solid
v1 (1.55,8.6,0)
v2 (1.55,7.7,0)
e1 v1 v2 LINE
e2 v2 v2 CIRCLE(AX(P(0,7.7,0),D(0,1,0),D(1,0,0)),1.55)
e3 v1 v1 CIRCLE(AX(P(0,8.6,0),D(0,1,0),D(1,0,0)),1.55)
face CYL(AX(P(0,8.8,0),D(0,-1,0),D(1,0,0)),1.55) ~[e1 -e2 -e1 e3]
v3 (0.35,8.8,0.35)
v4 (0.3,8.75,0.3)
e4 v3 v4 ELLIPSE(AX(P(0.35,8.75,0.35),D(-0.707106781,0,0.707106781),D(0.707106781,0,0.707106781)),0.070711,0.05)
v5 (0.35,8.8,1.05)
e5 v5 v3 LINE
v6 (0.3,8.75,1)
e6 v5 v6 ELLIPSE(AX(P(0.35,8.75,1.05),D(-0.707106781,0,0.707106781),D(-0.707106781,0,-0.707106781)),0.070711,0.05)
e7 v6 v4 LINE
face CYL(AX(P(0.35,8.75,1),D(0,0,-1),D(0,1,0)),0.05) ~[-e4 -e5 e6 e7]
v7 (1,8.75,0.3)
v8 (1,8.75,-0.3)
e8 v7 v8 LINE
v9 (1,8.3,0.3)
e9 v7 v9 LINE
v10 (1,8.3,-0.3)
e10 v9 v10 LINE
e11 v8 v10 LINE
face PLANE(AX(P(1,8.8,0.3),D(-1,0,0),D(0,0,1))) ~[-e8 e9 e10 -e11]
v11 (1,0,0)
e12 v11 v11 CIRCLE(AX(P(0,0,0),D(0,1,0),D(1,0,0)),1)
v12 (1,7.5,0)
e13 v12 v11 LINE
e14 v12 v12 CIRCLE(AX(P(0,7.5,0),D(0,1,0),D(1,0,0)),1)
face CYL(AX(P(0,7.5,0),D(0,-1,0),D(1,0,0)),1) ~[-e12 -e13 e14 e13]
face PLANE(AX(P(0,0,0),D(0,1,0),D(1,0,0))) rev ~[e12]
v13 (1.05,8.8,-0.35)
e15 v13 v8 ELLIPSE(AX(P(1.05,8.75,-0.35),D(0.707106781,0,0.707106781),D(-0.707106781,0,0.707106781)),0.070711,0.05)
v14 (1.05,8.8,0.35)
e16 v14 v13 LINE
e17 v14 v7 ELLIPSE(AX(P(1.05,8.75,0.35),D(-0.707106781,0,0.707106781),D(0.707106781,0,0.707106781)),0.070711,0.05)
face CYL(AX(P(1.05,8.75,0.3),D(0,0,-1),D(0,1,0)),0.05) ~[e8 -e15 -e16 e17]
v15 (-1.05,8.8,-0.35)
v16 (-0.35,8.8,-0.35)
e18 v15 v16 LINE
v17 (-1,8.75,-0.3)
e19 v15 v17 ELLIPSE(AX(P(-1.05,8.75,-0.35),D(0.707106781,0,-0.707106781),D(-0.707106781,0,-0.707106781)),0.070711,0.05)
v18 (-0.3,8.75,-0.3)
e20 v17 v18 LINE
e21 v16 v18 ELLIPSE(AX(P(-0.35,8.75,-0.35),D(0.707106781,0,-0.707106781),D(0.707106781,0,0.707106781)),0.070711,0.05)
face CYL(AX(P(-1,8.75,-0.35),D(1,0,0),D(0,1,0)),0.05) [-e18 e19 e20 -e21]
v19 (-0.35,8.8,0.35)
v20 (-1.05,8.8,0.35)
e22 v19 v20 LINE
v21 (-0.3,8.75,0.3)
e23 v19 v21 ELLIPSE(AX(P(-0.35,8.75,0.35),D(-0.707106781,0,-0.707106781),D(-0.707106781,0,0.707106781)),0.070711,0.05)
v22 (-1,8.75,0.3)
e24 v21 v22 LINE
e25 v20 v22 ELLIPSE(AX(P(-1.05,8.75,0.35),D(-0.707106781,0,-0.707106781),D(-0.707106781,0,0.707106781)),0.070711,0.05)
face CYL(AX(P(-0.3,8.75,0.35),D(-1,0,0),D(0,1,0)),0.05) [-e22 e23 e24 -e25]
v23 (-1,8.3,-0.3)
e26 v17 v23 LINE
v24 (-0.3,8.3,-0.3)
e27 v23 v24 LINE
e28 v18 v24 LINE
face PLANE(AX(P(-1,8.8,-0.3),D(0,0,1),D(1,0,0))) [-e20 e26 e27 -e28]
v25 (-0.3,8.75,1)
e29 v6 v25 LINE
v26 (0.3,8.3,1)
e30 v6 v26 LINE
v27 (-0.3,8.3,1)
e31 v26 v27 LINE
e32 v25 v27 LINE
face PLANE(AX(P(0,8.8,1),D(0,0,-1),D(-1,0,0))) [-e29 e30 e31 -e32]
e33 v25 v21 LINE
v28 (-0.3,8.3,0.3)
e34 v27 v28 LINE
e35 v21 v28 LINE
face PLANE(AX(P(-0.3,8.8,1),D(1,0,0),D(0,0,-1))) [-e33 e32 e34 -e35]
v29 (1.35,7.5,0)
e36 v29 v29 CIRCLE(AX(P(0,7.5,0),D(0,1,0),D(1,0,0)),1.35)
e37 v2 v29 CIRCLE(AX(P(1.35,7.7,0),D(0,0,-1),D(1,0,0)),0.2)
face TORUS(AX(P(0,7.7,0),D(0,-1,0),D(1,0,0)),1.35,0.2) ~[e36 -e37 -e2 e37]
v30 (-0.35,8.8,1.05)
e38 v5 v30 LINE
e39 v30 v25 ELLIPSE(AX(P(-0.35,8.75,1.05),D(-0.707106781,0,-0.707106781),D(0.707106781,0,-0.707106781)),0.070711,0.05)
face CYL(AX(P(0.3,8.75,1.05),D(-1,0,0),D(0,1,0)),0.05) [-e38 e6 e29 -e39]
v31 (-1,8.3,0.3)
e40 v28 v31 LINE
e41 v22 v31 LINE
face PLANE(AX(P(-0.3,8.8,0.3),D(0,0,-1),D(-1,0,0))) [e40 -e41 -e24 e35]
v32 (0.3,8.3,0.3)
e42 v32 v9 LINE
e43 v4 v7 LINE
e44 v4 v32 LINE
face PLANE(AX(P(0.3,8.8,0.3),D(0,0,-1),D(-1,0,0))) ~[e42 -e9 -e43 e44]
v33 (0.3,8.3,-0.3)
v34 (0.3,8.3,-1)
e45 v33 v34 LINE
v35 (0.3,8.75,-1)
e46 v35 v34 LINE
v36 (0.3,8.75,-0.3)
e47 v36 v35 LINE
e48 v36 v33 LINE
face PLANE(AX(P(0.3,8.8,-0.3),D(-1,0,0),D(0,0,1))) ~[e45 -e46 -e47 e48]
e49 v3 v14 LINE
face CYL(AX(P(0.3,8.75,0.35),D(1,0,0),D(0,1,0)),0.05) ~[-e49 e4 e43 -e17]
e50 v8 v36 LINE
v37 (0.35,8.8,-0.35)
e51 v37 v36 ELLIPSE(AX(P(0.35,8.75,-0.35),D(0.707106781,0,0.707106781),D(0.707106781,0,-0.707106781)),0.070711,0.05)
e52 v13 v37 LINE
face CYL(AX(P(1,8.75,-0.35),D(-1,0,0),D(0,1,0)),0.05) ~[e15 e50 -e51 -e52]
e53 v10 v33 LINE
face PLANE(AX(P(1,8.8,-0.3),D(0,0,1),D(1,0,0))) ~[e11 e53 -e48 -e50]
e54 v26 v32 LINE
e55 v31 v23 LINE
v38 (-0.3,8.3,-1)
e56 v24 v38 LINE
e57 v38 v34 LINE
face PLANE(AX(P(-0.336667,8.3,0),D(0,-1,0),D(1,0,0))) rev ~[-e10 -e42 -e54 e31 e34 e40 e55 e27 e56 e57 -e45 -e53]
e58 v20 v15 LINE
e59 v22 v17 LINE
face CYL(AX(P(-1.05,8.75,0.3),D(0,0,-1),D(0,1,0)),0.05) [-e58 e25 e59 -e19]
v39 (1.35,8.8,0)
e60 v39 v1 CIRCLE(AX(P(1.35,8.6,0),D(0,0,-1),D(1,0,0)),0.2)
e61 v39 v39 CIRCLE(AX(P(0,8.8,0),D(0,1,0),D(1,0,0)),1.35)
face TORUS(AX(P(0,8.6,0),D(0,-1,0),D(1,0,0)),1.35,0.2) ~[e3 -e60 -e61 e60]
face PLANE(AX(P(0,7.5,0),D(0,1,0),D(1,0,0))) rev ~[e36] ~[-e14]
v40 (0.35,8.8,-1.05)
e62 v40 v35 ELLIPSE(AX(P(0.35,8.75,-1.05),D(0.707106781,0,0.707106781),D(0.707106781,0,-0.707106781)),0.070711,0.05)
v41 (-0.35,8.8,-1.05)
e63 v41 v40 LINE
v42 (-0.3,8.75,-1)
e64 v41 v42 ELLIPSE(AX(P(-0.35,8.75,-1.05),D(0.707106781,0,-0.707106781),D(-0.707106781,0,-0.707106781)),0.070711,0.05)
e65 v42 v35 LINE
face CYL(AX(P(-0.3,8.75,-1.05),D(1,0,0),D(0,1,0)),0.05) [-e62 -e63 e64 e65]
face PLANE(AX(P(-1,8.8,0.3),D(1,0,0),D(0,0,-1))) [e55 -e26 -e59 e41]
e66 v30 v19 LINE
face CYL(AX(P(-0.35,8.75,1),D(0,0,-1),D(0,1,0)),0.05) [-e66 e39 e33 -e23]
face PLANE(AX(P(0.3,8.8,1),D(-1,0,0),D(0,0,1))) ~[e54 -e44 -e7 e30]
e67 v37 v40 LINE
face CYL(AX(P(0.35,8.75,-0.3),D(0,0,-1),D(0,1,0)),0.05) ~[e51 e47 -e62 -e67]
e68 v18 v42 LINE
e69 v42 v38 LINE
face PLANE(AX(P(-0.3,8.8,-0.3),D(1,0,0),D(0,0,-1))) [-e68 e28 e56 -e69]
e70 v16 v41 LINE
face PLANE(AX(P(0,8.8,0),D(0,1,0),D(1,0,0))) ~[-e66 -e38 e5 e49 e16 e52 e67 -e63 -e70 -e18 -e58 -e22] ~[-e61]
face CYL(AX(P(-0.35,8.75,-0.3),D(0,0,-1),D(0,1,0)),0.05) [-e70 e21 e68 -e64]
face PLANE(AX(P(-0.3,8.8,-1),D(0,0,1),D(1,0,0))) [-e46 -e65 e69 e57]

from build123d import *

# Parameters (mm, degrees)
FILLET_R     = 0.2
POCKET_DEPTH = 0.5
FILLET001_R  = 0.05


with BuildPart() as part:
    # Sketch → Revolution (revolve)
    with BuildSketch(Plane.XY):
        Polygon((0, 0), (0, 8.8), (1.55, 8.8), (1.55, 7.5), (1, 7.5), (1, 0), align=None)
    revolve(axis=Axis((0, 0, 0), (0, 1, 0)))

    # Fillet
    fillet_edges = [part.edges().sort_by_distance(p)[0] for p in [
        (-1.55, 8.8, 0),
        (-1.55, 7.5, 0),
    ]]
    fillet(fillet_edges, radius=FILLET_R)

    # Sketch001 (on Face1 of Fillet) → Pocket (cut)
    with BuildSketch(Plane(origin=(0, 8.8, 0), x_dir=(-1, 0, 0), z_dir=(0, 1, 0))):
        Polygon((0, 1), (0.3, 1), (0.3, 0.3), (1, 0.3), (1, -0.3), (0.3, -0.3), (0.3, -1), (0, -1), align=None)
    pocket = extrude(amount=-POCKET_DEPTH, mode=Mode.SUBTRACT)

    # Mirrored: Pocket across Sketch001 V_Axis
    add(pocket.mirror(Plane(origin=(0, 8.8, 0), x_dir=(0, 1, 0), z_dir=(-1, 0, 0))), mode=Mode.SUBTRACT)

    # Fillet001
    fillet001_edges = [part.edges().sort_by_distance(p)[0] for p in [
        (-0.65, 8.8, 0.3),
        (-1, 8.8, 0),
        (-0.65, 8.8, -0.3),
        (-0.3, 8.8, -0.65),
        (-0.15, 8.8, -1),
        (0.15, 8.8, -1),
        (0.3, 8.8, -0.65),
        (0.65, 8.8, -0.3),
        (0.65, 8.8, 0.3),
        (1, 8.8, 0),
        (0.3, 8.8, 0.65),
        (-0.3, 8.8, 0.65),
        (-0.15, 8.8, 1),
        (0.15, 8.8, 1),
    ]]
    fillet(fillet001_edges, radius=FILLET001_R)


solid = part.part
